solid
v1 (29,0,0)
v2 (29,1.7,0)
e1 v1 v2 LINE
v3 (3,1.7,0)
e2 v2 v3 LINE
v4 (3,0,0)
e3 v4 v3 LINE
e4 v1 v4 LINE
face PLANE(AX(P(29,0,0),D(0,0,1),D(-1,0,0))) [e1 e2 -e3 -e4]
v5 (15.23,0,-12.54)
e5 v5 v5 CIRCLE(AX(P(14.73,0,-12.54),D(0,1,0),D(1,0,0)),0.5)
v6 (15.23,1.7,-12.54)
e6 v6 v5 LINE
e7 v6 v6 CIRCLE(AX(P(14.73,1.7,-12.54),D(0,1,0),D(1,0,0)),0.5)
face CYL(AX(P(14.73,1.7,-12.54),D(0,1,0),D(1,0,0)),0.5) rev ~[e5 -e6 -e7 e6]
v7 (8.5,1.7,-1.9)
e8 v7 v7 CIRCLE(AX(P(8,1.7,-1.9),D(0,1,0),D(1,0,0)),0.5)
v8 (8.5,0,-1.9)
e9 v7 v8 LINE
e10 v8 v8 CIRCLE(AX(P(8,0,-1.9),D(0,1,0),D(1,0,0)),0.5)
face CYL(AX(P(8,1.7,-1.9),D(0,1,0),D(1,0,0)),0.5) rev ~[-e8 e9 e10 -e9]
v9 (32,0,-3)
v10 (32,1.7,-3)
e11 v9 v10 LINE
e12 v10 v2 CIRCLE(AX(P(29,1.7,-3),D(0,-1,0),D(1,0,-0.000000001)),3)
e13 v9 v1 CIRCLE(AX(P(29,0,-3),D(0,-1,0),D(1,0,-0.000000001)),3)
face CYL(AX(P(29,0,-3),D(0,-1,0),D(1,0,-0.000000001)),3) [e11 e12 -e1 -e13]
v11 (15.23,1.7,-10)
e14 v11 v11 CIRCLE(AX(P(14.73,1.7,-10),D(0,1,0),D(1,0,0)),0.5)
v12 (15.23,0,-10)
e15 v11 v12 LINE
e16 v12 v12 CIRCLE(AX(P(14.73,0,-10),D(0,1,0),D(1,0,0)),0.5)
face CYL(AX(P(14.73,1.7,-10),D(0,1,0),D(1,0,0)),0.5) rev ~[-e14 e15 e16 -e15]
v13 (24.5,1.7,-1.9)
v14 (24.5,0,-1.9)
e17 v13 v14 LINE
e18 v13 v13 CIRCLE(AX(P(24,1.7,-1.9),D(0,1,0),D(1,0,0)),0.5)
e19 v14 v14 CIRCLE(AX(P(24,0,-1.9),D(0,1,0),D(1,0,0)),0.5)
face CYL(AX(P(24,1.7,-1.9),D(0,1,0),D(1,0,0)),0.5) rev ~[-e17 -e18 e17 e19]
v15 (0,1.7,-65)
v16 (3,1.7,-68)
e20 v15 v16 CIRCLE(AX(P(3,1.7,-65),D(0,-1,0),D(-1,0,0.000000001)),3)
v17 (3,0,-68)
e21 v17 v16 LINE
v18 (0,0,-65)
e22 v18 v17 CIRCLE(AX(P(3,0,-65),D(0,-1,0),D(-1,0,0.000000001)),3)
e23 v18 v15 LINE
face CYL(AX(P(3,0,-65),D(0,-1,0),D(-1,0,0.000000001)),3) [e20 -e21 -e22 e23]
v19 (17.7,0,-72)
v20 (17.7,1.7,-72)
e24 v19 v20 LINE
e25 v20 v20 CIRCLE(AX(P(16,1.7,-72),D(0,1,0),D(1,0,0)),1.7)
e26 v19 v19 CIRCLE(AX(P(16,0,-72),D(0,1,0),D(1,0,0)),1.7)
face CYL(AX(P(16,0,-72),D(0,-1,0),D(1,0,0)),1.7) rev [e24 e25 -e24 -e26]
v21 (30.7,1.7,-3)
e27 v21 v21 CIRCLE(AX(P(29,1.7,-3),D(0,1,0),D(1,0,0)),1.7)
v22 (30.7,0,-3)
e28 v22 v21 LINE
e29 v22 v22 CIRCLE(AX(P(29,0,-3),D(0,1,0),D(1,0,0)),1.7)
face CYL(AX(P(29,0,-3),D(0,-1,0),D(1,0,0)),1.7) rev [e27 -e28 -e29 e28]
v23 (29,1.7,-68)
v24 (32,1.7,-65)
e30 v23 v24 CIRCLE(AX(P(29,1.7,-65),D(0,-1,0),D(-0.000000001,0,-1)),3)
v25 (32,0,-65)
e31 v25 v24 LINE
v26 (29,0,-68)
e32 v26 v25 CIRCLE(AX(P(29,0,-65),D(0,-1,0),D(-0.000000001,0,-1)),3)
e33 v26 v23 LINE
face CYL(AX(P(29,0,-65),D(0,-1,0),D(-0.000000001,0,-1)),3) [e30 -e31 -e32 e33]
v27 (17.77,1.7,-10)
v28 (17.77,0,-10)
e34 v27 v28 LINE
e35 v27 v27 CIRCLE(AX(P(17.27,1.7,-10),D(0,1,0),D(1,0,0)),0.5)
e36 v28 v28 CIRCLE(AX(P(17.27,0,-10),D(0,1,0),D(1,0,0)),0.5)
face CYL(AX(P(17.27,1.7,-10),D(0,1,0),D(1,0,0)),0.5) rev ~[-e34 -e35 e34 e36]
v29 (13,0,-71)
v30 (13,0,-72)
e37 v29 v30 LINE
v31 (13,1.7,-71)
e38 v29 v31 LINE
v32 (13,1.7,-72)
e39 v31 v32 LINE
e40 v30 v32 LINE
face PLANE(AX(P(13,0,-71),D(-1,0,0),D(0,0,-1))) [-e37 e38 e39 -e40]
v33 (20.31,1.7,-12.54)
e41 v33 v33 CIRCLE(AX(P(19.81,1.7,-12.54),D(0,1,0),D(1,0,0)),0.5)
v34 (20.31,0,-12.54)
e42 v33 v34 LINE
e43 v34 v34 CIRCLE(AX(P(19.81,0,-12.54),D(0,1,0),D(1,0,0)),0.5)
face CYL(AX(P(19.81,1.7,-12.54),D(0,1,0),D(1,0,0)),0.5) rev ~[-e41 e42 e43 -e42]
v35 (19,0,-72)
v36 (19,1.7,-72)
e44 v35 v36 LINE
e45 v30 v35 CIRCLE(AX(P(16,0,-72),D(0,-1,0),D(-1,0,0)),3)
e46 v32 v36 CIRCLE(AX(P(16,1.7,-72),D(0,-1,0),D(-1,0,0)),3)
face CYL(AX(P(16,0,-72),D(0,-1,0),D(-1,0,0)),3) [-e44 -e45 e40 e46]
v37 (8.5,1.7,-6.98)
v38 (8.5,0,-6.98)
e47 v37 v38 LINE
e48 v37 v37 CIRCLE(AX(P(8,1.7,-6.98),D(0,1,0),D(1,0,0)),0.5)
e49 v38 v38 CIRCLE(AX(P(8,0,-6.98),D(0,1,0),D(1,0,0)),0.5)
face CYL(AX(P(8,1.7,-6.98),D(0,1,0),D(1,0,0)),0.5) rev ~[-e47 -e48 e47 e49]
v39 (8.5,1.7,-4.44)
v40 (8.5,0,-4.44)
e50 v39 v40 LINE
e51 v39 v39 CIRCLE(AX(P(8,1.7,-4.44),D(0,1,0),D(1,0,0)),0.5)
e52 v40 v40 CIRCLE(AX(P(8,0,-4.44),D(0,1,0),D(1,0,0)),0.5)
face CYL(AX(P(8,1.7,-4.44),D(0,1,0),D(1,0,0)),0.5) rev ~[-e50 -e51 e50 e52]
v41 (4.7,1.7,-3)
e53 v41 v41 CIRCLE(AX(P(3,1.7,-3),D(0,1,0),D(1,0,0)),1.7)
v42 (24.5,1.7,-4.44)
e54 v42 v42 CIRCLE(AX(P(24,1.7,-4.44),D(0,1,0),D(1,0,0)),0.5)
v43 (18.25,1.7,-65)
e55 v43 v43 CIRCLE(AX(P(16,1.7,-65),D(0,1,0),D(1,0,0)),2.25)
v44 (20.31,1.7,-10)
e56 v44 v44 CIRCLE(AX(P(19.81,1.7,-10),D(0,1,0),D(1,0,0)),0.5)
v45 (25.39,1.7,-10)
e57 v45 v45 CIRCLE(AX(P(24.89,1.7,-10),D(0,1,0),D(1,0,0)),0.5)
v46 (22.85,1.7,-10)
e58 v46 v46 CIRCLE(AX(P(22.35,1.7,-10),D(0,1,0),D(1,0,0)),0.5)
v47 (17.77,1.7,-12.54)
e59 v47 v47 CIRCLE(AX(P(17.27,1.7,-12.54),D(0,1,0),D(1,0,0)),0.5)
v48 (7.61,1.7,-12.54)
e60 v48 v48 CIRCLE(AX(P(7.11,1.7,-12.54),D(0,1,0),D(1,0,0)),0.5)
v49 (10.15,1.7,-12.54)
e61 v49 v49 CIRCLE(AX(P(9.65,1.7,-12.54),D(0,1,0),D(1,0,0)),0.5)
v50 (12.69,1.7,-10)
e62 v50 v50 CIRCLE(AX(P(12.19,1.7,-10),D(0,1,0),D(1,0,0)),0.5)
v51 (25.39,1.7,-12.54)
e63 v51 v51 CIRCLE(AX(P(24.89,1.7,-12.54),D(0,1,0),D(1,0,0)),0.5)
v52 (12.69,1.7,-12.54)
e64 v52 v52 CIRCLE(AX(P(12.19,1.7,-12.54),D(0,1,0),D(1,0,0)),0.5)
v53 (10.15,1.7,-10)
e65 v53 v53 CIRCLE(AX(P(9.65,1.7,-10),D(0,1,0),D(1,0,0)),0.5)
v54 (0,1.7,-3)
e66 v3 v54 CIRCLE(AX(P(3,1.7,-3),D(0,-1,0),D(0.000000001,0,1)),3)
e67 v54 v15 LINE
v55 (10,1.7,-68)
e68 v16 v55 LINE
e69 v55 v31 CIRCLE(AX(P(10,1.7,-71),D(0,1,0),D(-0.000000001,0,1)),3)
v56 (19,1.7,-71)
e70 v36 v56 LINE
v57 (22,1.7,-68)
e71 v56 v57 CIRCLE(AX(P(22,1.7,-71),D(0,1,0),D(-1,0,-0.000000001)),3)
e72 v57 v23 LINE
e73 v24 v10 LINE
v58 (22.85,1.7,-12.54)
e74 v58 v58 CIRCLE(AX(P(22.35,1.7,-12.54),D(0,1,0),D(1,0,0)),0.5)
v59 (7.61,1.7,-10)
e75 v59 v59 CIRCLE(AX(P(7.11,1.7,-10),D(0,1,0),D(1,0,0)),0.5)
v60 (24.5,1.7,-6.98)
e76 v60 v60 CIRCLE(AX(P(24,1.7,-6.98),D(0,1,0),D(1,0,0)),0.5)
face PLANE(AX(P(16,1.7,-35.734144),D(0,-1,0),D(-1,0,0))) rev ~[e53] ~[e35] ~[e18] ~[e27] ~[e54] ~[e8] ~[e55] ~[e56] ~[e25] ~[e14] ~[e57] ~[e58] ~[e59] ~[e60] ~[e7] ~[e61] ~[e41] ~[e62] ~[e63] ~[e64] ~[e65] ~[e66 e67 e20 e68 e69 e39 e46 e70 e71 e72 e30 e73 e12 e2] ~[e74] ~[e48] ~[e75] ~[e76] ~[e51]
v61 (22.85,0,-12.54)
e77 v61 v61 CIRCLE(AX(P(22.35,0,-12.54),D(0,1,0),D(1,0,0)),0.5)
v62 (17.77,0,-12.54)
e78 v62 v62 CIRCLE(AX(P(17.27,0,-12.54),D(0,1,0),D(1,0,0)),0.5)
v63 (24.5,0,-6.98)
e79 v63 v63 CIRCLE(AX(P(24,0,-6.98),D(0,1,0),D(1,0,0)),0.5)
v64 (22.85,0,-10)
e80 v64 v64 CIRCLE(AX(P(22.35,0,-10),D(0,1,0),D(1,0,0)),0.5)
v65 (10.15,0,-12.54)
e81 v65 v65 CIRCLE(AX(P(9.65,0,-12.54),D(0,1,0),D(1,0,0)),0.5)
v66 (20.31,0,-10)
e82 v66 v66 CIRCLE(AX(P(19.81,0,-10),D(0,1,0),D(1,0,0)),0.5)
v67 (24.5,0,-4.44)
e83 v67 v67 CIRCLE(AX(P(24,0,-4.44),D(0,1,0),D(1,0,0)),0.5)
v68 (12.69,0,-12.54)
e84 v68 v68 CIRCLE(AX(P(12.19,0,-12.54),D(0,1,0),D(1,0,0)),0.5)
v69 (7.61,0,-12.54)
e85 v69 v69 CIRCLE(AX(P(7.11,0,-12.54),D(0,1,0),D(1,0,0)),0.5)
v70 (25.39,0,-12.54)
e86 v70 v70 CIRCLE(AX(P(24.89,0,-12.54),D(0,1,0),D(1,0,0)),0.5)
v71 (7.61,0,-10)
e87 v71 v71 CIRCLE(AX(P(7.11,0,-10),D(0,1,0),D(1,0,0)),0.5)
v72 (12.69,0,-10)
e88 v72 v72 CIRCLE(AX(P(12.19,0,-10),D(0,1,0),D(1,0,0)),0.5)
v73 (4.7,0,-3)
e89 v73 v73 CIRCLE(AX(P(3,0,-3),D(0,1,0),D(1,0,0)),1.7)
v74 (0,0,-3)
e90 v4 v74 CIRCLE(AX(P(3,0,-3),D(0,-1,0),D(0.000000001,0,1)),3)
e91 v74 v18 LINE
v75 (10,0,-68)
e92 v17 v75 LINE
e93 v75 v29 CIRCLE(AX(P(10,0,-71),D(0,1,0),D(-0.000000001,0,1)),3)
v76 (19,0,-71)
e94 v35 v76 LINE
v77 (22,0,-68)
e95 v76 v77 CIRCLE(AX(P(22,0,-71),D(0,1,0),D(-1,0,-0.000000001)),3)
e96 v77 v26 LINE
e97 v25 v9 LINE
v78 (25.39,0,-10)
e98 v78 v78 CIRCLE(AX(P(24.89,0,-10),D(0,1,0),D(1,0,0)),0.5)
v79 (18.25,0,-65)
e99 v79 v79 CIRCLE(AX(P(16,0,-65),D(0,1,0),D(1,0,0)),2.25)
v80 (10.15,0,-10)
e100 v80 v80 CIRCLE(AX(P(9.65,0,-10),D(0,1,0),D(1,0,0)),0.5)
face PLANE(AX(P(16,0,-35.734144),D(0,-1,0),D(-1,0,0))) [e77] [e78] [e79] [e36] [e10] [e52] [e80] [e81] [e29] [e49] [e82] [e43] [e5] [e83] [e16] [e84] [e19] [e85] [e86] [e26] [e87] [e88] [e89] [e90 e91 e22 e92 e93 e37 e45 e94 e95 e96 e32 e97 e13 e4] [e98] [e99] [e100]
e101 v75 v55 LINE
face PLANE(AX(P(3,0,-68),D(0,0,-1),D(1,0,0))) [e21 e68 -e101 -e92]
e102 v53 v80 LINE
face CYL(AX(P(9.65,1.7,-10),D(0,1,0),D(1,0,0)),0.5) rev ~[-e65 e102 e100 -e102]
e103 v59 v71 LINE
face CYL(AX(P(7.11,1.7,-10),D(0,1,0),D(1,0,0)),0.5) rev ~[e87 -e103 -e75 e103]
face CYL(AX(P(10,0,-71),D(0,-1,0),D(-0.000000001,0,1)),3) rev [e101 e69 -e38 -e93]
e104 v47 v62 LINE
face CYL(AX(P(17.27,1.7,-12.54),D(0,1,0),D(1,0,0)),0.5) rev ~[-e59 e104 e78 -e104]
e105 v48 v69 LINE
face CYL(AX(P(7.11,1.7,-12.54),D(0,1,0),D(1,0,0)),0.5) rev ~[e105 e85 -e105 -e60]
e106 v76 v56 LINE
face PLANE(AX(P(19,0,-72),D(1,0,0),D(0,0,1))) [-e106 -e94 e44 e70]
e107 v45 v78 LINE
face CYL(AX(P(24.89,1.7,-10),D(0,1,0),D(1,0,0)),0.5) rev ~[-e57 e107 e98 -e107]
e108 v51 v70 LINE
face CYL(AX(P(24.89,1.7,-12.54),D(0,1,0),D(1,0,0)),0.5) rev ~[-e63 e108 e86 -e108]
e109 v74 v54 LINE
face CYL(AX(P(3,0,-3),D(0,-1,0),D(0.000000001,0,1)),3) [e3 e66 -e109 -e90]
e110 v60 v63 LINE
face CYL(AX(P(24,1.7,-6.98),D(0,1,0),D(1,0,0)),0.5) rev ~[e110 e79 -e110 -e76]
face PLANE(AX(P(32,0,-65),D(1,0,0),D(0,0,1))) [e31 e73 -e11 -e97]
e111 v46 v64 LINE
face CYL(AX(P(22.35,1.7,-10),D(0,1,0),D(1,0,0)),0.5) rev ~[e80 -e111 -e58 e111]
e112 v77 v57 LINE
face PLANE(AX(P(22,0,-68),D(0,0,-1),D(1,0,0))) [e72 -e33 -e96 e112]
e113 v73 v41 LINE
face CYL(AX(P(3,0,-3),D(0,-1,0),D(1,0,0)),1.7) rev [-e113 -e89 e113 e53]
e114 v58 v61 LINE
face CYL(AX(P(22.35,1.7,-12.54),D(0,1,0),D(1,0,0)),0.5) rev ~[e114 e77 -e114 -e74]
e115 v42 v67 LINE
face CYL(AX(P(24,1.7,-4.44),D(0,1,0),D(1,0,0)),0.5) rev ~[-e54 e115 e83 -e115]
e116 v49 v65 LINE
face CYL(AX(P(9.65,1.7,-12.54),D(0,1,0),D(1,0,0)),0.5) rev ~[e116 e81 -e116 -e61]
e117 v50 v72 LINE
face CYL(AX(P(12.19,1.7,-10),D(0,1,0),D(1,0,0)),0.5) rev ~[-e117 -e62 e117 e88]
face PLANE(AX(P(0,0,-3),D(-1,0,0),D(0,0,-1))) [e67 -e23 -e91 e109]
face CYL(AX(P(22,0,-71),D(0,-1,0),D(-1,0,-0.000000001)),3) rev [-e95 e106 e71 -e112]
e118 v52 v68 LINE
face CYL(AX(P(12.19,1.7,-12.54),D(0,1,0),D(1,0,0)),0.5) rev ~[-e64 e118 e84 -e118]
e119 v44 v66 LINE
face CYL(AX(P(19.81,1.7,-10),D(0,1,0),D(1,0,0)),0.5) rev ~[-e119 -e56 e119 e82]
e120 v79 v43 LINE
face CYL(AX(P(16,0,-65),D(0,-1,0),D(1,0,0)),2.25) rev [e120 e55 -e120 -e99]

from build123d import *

# Parameters (mm, degrees)
SKETCH1_R           = 1.7
SKETCH1_R_2         = 2.25
BOSS_EXTRUDE1_DEPTH = 1.7
CUT_EXTRUDE1_REACH  = 3.7
SKETCH2_R           = 0.5


with BuildPart() as part:
    # Sketch1 → Boss-Extrude1 (new body)
    with BuildSketch(Plane(origin=(0, 0, 0), x_dir=(1, 0, 0), z_dir=(0, 1, 0))):
        with BuildLine():
            Line((3, 68), (10, 68))
            ThreePointArc((10, 68), (12.121320344, 68.878679656), (13, 71))
            Line((13, 71), (13, 72))
            ThreePointArc((13, 72), (16, 75), (19, 72))
            Line((19, 72), (19, 71))
            ThreePointArc((19, 71), (19.878679656, 68.878679656), (22, 68))
            Line((22, 68), (29, 68))
            ThreePointArc((29, 68), (31.121320344, 67.121320344), (32, 65))
            Line((32, 65), (32, 3))
            ThreePointArc((32, 3), (31.121320344, 0.878679656), (29, 0))
            Line((29, 0), (3, 0))
            ThreePointArc((3, 0), (0.878679656, 0.878679656), (0, 3))
            Line((0, 3), (0, 65))
            ThreePointArc((0, 65), (0.878679656, 67.121320344), (3, 68))
        make_face()
        with Locations((16, 72)):
            Circle(SKETCH1_R, mode=Mode.SUBTRACT)
        with Locations((29, 3)):
            Circle(SKETCH1_R, mode=Mode.SUBTRACT)
        with Locations((3, 3)):
            Circle(SKETCH1_R, mode=Mode.SUBTRACT)
        with Locations((16, 65)):
            Circle(SKETCH1_R_2, mode=Mode.SUBTRACT)
    extrude(amount=BOSS_EXTRUDE1_DEPTH)

    # Sketch2 → Cut-Extrude1 (cut, up to next)
    with BuildSketch(Plane(origin=(0, 1.7, 0), x_dir=(1, 0, 0), z_dir=(0, 1, 0)), mode=Mode.PRIVATE) as cut_extrude1_sk1:
        with Locations((8, 1.9)):
            Circle(SKETCH2_R)
    cut_extrude1_tool1 = extrude(cut_extrude1_sk1.sketch, amount=-CUT_EXTRUDE1_REACH, mode=Mode.PRIVATE) & part.part
    add(cut_extrude1_tool1.solids().sort_by_distance((8, 1.7, -1.9))[0], mode=Mode.SUBTRACT)
    # Sketch2 → Cut-Extrude1 (cut, up to next)
    with BuildSketch(Plane(origin=(0, 1.7, 0), x_dir=(1, 0, 0), z_dir=(0, 1, 0)), mode=Mode.PRIVATE) as cut_extrude1_sk2:
        with Locations((8, 4.44)):
            Circle(SKETCH2_R)
    cut_extrude1_tool2 = extrude(cut_extrude1_sk2.sketch, amount=-CUT_EXTRUDE1_REACH, mode=Mode.PRIVATE) & part.part
    add(cut_extrude1_tool2.solids().sort_by_distance((8, 1.7, -4.44))[0], mode=Mode.SUBTRACT)
    # Sketch2 → Cut-Extrude1 (cut, up to next)
    with BuildSketch(Plane(origin=(0, 1.7, 0), x_dir=(1, 0, 0), z_dir=(0, 1, 0)), mode=Mode.PRIVATE) as cut_extrude1_sk3:
        with Locations((8, 6.98)):
            Circle(SKETCH2_R)
    cut_extrude1_tool3 = extrude(cut_extrude1_sk3.sketch, amount=-CUT_EXTRUDE1_REACH, mode=Mode.PRIVATE) & part.part
    add(cut_extrude1_tool3.solids().sort_by_distance((8, 1.7, -6.98))[0], mode=Mode.SUBTRACT)
    # Sketch2 → Cut-Extrude1 (cut, up to next)
    with BuildSketch(Plane(origin=(0, 1.7, 0), x_dir=(1, 0, 0), z_dir=(0, 1, 0)), mode=Mode.PRIVATE) as cut_extrude1_sk4:
        with Locations((24, 6.98)):
            Circle(SKETCH2_R)
    cut_extrude1_tool4 = extrude(cut_extrude1_sk4.sketch, amount=-CUT_EXTRUDE1_REACH, mode=Mode.PRIVATE) & part.part
    add(cut_extrude1_tool4.solids().sort_by_distance((24, 1.7, -6.98))[0], mode=Mode.SUBTRACT)
    # Sketch2 → Cut-Extrude1 (cut, up to next)
    with BuildSketch(Plane(origin=(0, 1.7, 0), x_dir=(1, 0, 0), z_dir=(0, 1, 0)), mode=Mode.PRIVATE) as cut_extrude1_sk5:
        with Locations((24, 4.44)):
            Circle(SKETCH2_R)
    cut_extrude1_tool5 = extrude(cut_extrude1_sk5.sketch, amount=-CUT_EXTRUDE1_REACH, mode=Mode.PRIVATE) & part.part
    add(cut_extrude1_tool5.solids().sort_by_distance((24, 1.7, -4.44))[0], mode=Mode.SUBTRACT)
    # Sketch2 → Cut-Extrude1 (cut, up to next)
    with BuildSketch(Plane(origin=(0, 1.7, 0), x_dir=(1, 0, 0), z_dir=(0, 1, 0)), mode=Mode.PRIVATE) as cut_extrude1_sk6:
        with Locations((24, 1.9)):
            Circle(SKETCH2_R)
    cut_extrude1_tool6 = extrude(cut_extrude1_sk6.sketch, amount=-CUT_EXTRUDE1_REACH, mode=Mode.PRIVATE) & part.part
    add(cut_extrude1_tool6.solids().sort_by_distance((24, 1.7, -1.9))[0], mode=Mode.SUBTRACT)
    # Sketch2 → Cut-Extrude1 (cut, up to next)
    with BuildSketch(Plane(origin=(0, 1.7, 0), x_dir=(1, 0, 0), z_dir=(0, 1, 0)), mode=Mode.PRIVATE) as cut_extrude1_sk7:
        with Locations((7.11, 10)):
            Circle(SKETCH2_R)
    cut_extrude1_tool7 = extrude(cut_extrude1_sk7.sketch, amount=-CUT_EXTRUDE1_REACH, mode=Mode.PRIVATE) & part.part
    add(cut_extrude1_tool7.solids().sort_by_distance((7.11, 1.7, -10))[0], mode=Mode.SUBTRACT)
    # Sketch2 → Cut-Extrude1 (cut, up to next)
    with BuildSketch(Plane(origin=(0, 1.7, 0), x_dir=(1, 0, 0), z_dir=(0, 1, 0)), mode=Mode.PRIVATE) as cut_extrude1_sk8:
        with Locations((9.65, 10)):
            Circle(SKETCH2_R)
    cut_extrude1_tool8 = extrude(cut_extrude1_sk8.sketch, amount=-CUT_EXTRUDE1_REACH, mode=Mode.PRIVATE) & part.part
    add(cut_extrude1_tool8.solids().sort_by_distance((9.65, 1.7, -10))[0], mode=Mode.SUBTRACT)
    # Sketch2 → Cut-Extrude1 (cut, up to next)
    with BuildSketch(Plane(origin=(0, 1.7, 0), x_dir=(1, 0, 0), z_dir=(0, 1, 0)), mode=Mode.PRIVATE) as cut_extrude1_sk9:
        with Locations((12.19, 10)):
            Circle(SKETCH2_R)
    cut_extrude1_tool9 = extrude(cut_extrude1_sk9.sketch, amount=-CUT_EXTRUDE1_REACH, mode=Mode.PRIVATE) & part.part
    add(cut_extrude1_tool9.solids().sort_by_distance((12.19, 1.7, -10))[0], mode=Mode.SUBTRACT)
    # Sketch2 → Cut-Extrude1 (cut, up to next)
    with BuildSketch(Plane(origin=(0, 1.7, 0), x_dir=(1, 0, 0), z_dir=(0, 1, 0)), mode=Mode.PRIVATE) as cut_extrude1_sk10:
        with Locations((14.73, 10)):
            Circle(SKETCH2_R)
    cut_extrude1_tool10 = extrude(cut_extrude1_sk10.sketch, amount=-CUT_EXTRUDE1_REACH, mode=Mode.PRIVATE) & part.part
    add(cut_extrude1_tool10.solids().sort_by_distance((14.73, 1.7, -10))[0], mode=Mode.SUBTRACT)
    # Sketch2 → Cut-Extrude1 (cut, up to next)
    with BuildSketch(Plane(origin=(0, 1.7, 0), x_dir=(1, 0, 0), z_dir=(0, 1, 0)), mode=Mode.PRIVATE) as cut_extrude1_sk11:
        with Locations((17.27, 10)):
            Circle(SKETCH2_R)
    cut_extrude1_tool11 = extrude(cut_extrude1_sk11.sketch, amount=-CUT_EXTRUDE1_REACH, mode=Mode.PRIVATE) & part.part
    add(cut_extrude1_tool11.solids().sort_by_distance((17.27, 1.7, -10))[0], mode=Mode.SUBTRACT)
    # Sketch2 → Cut-Extrude1 (cut, up to next)
    with BuildSketch(Plane(origin=(0, 1.7, 0), x_dir=(1, 0, 0), z_dir=(0, 1, 0)), mode=Mode.PRIVATE) as cut_extrude1_sk12:
        with Locations((19.81, 10)):
            Circle(SKETCH2_R)
    cut_extrude1_tool12 = extrude(cut_extrude1_sk12.sketch, amount=-CUT_EXTRUDE1_REACH, mode=Mode.PRIVATE) & part.part
    add(cut_extrude1_tool12.solids().sort_by_distance((19.81, 1.7, -10))[0], mode=Mode.SUBTRACT)
    # Sketch2 → Cut-Extrude1 (cut, up to next)
    with BuildSketch(Plane(origin=(0, 1.7, 0), x_dir=(1, 0, 0), z_dir=(0, 1, 0)), mode=Mode.PRIVATE) as cut_extrude1_sk13:
        with Locations((22.35, 10)):
            Circle(SKETCH2_R)
    cut_extrude1_tool13 = extrude(cut_extrude1_sk13.sketch, amount=-CUT_EXTRUDE1_REACH, mode=Mode.PRIVATE) & part.part
    add(cut_extrude1_tool13.solids().sort_by_distance((22.35, 1.7, -10))[0], mode=Mode.SUBTRACT)
    # Sketch2 → Cut-Extrude1 (cut, up to next)
    with BuildSketch(Plane(origin=(0, 1.7, 0), x_dir=(1, 0, 0), z_dir=(0, 1, 0)), mode=Mode.PRIVATE) as cut_extrude1_sk14:
        with Locations((24.89, 10)):
            Circle(SKETCH2_R)
    cut_extrude1_tool14 = extrude(cut_extrude1_sk14.sketch, amount=-CUT_EXTRUDE1_REACH, mode=Mode.PRIVATE) & part.part
    add(cut_extrude1_tool14.solids().sort_by_distance((24.89, 1.7, -10))[0], mode=Mode.SUBTRACT)
    # Sketch2 → Cut-Extrude1 (cut, up to next)
    with BuildSketch(Plane(origin=(0, 1.7, 0), x_dir=(1, 0, 0), z_dir=(0, 1, 0)), mode=Mode.PRIVATE) as cut_extrude1_sk15:
        with Locations((9.65, 12.54)):
            Circle(SKETCH2_R)
    cut_extrude1_tool15 = extrude(cut_extrude1_sk15.sketch, amount=-CUT_EXTRUDE1_REACH, mode=Mode.PRIVATE) & part.part
    add(cut_extrude1_tool15.solids().sort_by_distance((9.65, 1.7, -12.54))[0], mode=Mode.SUBTRACT)
    # Sketch2 → Cut-Extrude1 (cut, up to next)
    with BuildSketch(Plane(origin=(0, 1.7, 0), x_dir=(1, 0, 0), z_dir=(0, 1, 0)), mode=Mode.PRIVATE) as cut_extrude1_sk16:
        with Locations((12.19, 12.54)):
            Circle(SKETCH2_R)
    cut_extrude1_tool16 = extrude(cut_extrude1_sk16.sketch, amount=-CUT_EXTRUDE1_REACH, mode=Mode.PRIVATE) & part.part
    add(cut_extrude1_tool16.solids().sort_by_distance((12.19, 1.7, -12.54))[0], mode=Mode.SUBTRACT)
    # Sketch2 → Cut-Extrude1 (cut, up to next)
    with BuildSketch(Plane(origin=(0, 1.7, 0), x_dir=(1, 0, 0), z_dir=(0, 1, 0)), mode=Mode.PRIVATE) as cut_extrude1_sk17:
        with Locations((14.73, 12.54)):
            Circle(SKETCH2_R)
    cut_extrude1_tool17 = extrude(cut_extrude1_sk17.sketch, amount=-CUT_EXTRUDE1_REACH, mode=Mode.PRIVATE) & part.part
    add(cut_extrude1_tool17.solids().sort_by_distance((14.73, 1.7, -12.54))[0], mode=Mode.SUBTRACT)
    # Sketch2 → Cut-Extrude1 (cut, up to next)
    with BuildSketch(Plane(origin=(0, 1.7, 0), x_dir=(1, 0, 0), z_dir=(0, 1, 0)), mode=Mode.PRIVATE) as cut_extrude1_sk18:
        with Locations((17.27, 12.54)):
            Circle(SKETCH2_R)
    cut_extrude1_tool18 = extrude(cut_extrude1_sk18.sketch, amount=-CUT_EXTRUDE1_REACH, mode=Mode.PRIVATE) & part.part
    add(cut_extrude1_tool18.solids().sort_by_distance((17.27, 1.7, -12.54))[0], mode=Mode.SUBTRACT)
    # Sketch2 → Cut-Extrude1 (cut, up to next)
    with BuildSketch(Plane(origin=(0, 1.7, 0), x_dir=(1, 0, 0), z_dir=(0, 1, 0)), mode=Mode.PRIVATE) as cut_extrude1_sk19:
        with Locations((19.81, 12.54)):
            Circle(SKETCH2_R)
    cut_extrude1_tool19 = extrude(cut_extrude1_sk19.sketch, amount=-CUT_EXTRUDE1_REACH, mode=Mode.PRIVATE) & part.part
    add(cut_extrude1_tool19.solids().sort_by_distance((19.81, 1.7, -12.54))[0], mode=Mode.SUBTRACT)
    # Sketch2 → Cut-Extrude1 (cut, up to next)
    with BuildSketch(Plane(origin=(0, 1.7, 0), x_dir=(1, 0, 0), z_dir=(0, 1, 0)), mode=Mode.PRIVATE) as cut_extrude1_sk20:
        with Locations((22.35, 12.54)):
            Circle(SKETCH2_R)
    cut_extrude1_tool20 = extrude(cut_extrude1_sk20.sketch, amount=-CUT_EXTRUDE1_REACH, mode=Mode.PRIVATE) & part.part
    add(cut_extrude1_tool20.solids().sort_by_distance((22.35, 1.7, -12.54))[0], mode=Mode.SUBTRACT)
    # Sketch2 → Cut-Extrude1 (cut, up to next)
    with BuildSketch(Plane(origin=(0, 1.7, 0), x_dir=(1, 0, 0), z_dir=(0, 1, 0)), mode=Mode.PRIVATE) as cut_extrude1_sk21:
        with Locations((24.89, 12.54)):
            Circle(SKETCH2_R)
    cut_extrude1_tool21 = extrude(cut_extrude1_sk21.sketch, amount=-CUT_EXTRUDE1_REACH, mode=Mode.PRIVATE) & part.part
    add(cut_extrude1_tool21.solids().sort_by_distance((24.89, 1.7, -12.54))[0], mode=Mode.SUBTRACT)
    # Sketch2 → Cut-Extrude1 (cut, up to next)
    with BuildSketch(Plane(origin=(0, 1.7, 0), x_dir=(1, 0, 0), z_dir=(0, 1, 0)), mode=Mode.PRIVATE) as cut_extrude1_sk22:
        with Locations((7.11, 12.54)):
            Circle(SKETCH2_R)
    cut_extrude1_tool22 = extrude(cut_extrude1_sk22.sketch, amount=-CUT_EXTRUDE1_REACH, mode=Mode.PRIVATE) & part.part
    add(cut_extrude1_tool22.solids().sort_by_distance((7.11, 1.7, -12.54))[0], mode=Mode.SUBTRACT)


solid = part.part
